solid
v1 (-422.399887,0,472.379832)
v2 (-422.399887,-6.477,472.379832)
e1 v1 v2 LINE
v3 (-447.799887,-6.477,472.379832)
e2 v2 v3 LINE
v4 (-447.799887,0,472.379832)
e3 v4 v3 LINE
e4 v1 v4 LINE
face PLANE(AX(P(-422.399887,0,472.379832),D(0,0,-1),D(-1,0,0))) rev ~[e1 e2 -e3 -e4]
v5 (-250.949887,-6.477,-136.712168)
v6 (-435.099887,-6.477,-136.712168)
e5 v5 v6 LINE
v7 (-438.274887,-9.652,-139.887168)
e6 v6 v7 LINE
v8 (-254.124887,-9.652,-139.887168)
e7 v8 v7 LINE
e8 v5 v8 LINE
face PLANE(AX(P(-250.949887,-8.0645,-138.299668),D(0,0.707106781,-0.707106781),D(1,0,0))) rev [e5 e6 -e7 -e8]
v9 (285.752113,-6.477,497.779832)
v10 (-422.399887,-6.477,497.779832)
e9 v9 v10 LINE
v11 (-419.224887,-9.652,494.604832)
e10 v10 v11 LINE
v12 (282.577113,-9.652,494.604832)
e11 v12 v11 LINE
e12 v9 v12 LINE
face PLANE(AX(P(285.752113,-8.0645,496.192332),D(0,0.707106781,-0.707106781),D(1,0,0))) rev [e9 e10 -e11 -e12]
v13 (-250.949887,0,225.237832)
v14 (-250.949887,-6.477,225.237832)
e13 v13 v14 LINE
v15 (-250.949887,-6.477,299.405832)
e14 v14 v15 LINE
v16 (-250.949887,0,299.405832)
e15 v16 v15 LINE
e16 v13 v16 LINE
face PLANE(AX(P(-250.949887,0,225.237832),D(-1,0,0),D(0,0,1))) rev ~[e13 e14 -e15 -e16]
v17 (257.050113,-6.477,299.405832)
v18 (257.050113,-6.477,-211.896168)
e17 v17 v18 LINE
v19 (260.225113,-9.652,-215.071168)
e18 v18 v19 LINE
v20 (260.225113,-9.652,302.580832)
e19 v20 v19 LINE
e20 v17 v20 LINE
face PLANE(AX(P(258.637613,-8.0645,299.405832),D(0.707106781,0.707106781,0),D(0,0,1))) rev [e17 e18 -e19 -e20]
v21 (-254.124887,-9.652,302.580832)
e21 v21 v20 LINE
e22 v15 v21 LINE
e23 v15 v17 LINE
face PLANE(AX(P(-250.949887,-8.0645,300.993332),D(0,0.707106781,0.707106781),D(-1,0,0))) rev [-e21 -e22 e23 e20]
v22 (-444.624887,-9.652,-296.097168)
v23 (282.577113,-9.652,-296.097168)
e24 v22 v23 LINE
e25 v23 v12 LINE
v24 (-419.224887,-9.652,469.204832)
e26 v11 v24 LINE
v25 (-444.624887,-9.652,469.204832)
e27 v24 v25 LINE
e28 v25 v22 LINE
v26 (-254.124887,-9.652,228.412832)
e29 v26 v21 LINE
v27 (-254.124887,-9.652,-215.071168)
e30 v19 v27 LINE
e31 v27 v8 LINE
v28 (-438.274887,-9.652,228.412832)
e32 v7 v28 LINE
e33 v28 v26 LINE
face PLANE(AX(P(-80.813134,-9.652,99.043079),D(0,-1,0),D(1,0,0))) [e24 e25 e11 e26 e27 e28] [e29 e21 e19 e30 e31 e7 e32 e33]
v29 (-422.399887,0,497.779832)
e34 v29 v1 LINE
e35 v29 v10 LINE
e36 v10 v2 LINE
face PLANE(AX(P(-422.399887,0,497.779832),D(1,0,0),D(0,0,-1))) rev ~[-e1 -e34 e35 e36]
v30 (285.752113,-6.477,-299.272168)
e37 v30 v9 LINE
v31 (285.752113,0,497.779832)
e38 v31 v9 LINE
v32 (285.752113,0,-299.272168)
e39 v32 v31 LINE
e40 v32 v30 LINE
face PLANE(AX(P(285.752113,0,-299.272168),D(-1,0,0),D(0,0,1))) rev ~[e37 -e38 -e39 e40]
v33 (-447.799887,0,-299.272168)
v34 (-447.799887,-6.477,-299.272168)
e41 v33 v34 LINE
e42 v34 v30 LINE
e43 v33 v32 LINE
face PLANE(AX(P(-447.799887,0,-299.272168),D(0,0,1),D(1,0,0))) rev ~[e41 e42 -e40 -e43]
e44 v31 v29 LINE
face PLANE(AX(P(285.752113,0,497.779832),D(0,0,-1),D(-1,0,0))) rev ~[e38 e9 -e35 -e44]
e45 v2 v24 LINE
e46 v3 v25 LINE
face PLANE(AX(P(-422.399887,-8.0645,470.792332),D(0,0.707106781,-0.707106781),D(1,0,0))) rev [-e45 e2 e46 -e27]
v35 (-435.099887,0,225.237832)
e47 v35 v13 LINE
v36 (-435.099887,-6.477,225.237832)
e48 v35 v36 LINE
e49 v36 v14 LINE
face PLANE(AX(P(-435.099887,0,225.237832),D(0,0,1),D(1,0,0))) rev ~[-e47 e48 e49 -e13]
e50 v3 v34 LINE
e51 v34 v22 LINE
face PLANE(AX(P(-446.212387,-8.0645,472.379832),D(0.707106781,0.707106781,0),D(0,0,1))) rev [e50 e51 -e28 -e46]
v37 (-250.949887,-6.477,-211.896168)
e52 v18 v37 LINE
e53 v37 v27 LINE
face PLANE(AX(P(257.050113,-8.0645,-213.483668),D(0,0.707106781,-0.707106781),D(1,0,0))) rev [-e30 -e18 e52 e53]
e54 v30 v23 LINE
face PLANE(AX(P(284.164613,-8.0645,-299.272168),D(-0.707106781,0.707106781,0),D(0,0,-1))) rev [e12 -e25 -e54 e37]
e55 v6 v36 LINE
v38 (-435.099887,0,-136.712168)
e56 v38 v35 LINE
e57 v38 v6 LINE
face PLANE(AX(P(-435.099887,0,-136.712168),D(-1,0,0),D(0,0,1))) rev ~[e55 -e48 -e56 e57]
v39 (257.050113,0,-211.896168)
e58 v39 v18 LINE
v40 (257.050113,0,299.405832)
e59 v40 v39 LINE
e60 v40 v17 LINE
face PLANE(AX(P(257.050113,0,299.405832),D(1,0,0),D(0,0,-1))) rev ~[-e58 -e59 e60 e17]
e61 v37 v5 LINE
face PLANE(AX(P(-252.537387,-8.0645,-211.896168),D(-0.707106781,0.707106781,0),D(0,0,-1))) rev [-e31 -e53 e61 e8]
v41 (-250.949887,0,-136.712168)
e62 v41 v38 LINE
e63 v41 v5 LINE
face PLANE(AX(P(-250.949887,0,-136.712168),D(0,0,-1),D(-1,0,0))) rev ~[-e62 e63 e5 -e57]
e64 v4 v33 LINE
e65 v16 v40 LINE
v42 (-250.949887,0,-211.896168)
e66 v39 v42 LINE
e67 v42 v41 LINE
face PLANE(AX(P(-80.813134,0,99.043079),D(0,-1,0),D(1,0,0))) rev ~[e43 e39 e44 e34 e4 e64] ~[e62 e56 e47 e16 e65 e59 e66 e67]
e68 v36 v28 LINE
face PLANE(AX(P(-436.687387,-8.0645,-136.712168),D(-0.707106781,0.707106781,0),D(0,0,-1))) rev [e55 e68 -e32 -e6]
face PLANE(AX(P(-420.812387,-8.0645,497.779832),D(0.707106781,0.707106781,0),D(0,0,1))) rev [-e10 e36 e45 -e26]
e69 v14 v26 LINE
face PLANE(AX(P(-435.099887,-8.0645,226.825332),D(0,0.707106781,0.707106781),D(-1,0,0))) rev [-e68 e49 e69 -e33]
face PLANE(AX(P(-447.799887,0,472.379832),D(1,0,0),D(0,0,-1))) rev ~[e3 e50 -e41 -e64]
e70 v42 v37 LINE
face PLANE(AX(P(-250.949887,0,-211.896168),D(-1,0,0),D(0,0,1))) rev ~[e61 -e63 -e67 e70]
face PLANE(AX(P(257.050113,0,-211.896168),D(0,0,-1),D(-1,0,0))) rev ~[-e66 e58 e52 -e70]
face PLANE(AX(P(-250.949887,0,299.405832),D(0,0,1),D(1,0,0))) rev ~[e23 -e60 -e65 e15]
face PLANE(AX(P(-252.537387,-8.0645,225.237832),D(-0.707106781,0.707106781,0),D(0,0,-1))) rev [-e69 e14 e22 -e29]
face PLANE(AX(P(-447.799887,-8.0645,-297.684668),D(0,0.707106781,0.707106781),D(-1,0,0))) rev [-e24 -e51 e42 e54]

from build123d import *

# Parameters (mm, degrees)
F1_DEPTH = 9.652
F2_SIZE  = 3.175


with BuildPart() as f1:
    # F0 (on Front) → F1 (new body)
    with BuildSketch(Plane.XZ):
        Polygon((-447.799887, 472.379832), (-447.799887, -299.272168), (285.752113, -299.272168), (285.752113, 497.779832), (-422.399887, 497.779832), (-422.399887, 472.379832), align=None)
        Polygon((-250.949887, 225.237832), (-250.949887, 299.405832), (257.050113, 299.405832), (257.050113, -211.896168), (-250.949887, -211.896168), (-250.949887, -136.712168), (-435.099887, -136.712168), (-435.099887, 225.237832), align=None, mode=Mode.SUBTRACT)
    extrude(amount=F1_DEPTH)

    # F2
    f2_edges = [f1.edges().sort_by_distance(p)[0] for p in [
        (-68.323887, -9.652, 497.779832),
        (-447.799887, -9.652, 86.553832),
        (-81.023887, -9.652, -299.272168),
        (285.752113, -9.652, 99.253832),
        (-422.399887, -9.652, 485.079832),
        (-435.099887, -9.652, 472.379832),
        (-435.099887, -9.652, 44.262832),
        (-343.024887, -9.652, 225.237832),
        (-250.949887, -9.652, 262.321832),
        (3.050113, -9.652, 299.405832),
        (257.050113, -9.652, 43.754832),
        (3.050113, -9.652, -211.896168),
        (-250.949887, -9.652, -174.304168),
        (-343.024887, -9.652, -136.712168),
    ]]
    chamfer(f2_edges, length=F2_SIZE)


solid = f1.part
